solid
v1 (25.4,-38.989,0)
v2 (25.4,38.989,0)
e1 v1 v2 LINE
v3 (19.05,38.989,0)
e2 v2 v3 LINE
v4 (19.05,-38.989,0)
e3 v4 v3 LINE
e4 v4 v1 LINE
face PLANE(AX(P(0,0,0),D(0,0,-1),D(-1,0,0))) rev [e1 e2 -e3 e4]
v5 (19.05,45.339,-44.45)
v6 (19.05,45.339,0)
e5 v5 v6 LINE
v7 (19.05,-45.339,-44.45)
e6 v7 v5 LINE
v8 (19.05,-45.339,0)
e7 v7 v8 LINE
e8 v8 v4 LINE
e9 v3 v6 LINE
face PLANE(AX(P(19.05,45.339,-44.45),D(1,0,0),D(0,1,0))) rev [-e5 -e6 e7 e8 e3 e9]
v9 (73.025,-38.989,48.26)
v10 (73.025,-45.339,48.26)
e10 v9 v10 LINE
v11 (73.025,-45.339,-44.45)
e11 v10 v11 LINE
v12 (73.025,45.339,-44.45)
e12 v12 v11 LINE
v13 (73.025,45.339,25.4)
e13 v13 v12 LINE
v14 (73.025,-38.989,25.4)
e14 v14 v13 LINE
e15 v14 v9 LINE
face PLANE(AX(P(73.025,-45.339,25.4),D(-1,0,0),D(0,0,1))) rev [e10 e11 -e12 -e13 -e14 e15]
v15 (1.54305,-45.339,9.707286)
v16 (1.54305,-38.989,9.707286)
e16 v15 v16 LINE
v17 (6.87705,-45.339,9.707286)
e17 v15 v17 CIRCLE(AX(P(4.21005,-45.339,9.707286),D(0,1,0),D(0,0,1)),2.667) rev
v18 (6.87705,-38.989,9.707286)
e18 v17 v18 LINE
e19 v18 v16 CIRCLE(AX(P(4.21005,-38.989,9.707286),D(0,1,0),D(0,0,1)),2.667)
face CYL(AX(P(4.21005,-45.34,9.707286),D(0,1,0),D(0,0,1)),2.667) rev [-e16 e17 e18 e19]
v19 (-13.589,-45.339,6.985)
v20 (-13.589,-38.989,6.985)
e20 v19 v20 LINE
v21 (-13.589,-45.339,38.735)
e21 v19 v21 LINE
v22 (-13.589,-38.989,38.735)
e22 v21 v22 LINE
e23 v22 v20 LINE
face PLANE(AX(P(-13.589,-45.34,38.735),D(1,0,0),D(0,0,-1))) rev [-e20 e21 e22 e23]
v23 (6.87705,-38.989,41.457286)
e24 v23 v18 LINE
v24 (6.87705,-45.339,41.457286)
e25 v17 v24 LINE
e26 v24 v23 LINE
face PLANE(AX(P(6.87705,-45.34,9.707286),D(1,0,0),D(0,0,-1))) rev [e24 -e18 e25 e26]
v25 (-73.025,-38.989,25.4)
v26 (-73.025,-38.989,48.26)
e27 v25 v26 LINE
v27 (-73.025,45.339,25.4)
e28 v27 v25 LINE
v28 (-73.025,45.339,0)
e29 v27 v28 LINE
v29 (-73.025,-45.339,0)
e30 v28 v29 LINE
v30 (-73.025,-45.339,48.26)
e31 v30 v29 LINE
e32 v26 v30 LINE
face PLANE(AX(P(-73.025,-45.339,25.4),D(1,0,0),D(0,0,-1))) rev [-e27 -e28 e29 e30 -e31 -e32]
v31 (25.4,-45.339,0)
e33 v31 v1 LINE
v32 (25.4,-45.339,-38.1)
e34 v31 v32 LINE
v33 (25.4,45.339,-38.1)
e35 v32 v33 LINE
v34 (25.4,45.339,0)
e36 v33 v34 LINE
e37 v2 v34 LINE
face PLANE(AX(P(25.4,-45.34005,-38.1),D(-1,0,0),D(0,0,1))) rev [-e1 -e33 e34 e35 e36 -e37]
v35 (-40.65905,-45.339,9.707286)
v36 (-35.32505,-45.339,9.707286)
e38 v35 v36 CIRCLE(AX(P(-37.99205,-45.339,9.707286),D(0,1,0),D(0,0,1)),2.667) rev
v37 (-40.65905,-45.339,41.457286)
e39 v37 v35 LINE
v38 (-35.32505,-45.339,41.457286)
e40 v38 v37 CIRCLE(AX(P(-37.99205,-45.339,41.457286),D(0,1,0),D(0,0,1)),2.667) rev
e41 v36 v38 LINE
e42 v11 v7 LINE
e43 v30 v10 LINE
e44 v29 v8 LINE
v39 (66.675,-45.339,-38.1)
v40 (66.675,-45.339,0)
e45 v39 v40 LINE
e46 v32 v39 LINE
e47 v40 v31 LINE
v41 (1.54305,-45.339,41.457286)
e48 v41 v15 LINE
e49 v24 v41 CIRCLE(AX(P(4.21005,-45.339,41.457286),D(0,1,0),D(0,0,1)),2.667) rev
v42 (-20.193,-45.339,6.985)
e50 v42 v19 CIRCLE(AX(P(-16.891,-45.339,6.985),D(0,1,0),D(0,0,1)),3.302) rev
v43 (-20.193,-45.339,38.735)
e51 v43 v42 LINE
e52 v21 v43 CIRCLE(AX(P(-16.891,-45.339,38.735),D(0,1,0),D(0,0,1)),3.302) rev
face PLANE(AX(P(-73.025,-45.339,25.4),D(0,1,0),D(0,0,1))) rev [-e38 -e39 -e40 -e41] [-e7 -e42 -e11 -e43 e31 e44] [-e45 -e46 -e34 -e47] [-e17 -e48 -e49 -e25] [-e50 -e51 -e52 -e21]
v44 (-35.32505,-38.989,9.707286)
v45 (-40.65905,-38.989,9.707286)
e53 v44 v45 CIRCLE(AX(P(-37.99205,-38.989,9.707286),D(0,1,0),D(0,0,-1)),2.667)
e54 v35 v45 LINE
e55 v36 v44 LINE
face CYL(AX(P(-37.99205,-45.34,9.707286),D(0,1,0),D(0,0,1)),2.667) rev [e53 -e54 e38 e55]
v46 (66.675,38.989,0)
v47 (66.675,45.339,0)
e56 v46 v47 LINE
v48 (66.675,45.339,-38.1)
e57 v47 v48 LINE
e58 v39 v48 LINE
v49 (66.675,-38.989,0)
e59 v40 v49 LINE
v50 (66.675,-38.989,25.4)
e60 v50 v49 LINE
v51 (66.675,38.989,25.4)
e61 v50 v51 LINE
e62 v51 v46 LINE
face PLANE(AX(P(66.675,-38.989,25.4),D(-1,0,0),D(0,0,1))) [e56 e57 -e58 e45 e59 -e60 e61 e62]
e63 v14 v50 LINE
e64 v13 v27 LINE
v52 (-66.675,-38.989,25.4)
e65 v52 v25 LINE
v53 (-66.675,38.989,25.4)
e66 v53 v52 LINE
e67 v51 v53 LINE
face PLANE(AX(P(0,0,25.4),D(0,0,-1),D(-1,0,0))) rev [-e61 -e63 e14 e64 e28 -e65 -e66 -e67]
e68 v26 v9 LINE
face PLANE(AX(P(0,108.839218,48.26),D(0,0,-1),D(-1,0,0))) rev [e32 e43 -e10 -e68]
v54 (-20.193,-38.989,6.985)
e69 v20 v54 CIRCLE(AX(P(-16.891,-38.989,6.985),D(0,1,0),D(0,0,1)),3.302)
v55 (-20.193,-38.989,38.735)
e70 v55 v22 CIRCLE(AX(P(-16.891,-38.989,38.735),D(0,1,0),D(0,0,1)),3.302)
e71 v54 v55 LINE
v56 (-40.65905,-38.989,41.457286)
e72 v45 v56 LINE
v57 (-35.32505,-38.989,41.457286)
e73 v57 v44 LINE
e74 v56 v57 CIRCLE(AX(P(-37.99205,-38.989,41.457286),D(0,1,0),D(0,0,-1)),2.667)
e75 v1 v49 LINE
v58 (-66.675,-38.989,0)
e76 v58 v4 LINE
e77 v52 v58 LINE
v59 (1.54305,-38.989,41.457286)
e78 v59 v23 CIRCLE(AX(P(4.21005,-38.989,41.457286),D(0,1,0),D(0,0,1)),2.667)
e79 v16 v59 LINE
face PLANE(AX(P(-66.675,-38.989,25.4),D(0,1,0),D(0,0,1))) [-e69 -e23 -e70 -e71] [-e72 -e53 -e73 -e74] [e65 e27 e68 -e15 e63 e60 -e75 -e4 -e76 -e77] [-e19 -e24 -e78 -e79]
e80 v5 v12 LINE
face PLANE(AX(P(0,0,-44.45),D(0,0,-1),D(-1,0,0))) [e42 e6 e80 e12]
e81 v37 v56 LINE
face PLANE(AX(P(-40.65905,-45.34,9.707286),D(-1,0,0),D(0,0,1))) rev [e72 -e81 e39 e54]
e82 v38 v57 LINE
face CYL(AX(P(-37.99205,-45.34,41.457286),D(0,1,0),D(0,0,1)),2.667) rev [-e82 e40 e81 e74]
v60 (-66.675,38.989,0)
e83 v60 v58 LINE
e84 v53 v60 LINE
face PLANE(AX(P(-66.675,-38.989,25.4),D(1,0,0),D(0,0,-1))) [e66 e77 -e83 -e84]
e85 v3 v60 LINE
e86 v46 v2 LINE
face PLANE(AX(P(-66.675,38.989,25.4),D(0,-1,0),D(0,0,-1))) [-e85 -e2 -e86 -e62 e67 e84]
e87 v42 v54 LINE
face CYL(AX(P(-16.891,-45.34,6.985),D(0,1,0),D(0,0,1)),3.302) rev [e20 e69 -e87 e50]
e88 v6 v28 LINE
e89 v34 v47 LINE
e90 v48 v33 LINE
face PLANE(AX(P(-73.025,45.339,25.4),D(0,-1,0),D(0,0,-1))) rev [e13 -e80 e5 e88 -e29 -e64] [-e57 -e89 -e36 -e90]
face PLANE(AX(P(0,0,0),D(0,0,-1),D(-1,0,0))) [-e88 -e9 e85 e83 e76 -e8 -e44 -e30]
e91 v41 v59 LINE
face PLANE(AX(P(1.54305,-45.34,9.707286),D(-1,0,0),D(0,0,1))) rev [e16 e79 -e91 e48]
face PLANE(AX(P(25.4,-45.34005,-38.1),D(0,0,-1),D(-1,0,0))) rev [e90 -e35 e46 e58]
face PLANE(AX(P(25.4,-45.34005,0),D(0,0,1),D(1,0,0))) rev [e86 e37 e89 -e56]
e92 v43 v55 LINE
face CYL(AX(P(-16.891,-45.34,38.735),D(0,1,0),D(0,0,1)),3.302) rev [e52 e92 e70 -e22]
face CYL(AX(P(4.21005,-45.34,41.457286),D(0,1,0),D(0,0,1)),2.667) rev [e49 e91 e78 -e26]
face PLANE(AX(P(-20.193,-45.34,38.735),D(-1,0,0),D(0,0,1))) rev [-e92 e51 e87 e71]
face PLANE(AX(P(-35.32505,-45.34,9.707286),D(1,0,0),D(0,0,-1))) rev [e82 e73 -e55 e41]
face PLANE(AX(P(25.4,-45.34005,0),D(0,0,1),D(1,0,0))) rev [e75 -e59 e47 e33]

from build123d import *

# Parameters (mm, degrees)
SKETCH1_W           = 146.05
SKETCH1_H           = 90.678
SKETCH1_W_2         = 133.35
SKETCH1_H_2         = 77.978
BOSS_EXTRUDE1_DEPTH = 25.4
SKETCH2_W           = 60.325
SKETCH2_H           = 22.86
BOSS_EXTRUDE2_DEPTH = 6.35
CUT_EXTRUDE1_REACH  = 123.544
SKETCH6_W           = 53.975
SKETCH6_H           = 90.678
BOSS_EXTRUDE3_DEPTH = 44.45
CUT_EXTRUDE3_REACH  = 128.032
SKETCH8_W           = 41.275
SKETCH8_H           = 38.1


with BuildPart() as part:
    # Sketch1 → Boss-Extrude1 (new body)
    with BuildSketch(Plane.XY):
        Rectangle(SKETCH1_W, SKETCH1_H)
        Rectangle(SKETCH1_W_2, SKETCH1_H_2, mode=Mode.SUBTRACT)
    extrude(amount=BOSS_EXTRUDE1_DEPTH)

    # Sketch2 → Boss-Extrude2 (add)
    with BuildSketch(Plane(origin=(0, -45.339, 0), x_dir=(1, 0, 0), z_dir=(0, 1, 0))):
        Polygon((-40.513, -48.26), (-40.513, -25.4), (-73.025, -25.4), align=None)
        with Locations((-10.3505, -36.83)):
            Rectangle(SKETCH2_W, SKETCH2_H)
        Polygon((73.025, -25.4), (19.812, -25.4), (19.812, -48.26), align=None)
        Polygon((-73.025, -48.26), (-40.513, -48.26), (-73.025, -25.4), align=None)
        Polygon((73.025, -25.4), (19.812, -48.26), (73.025, -48.26), align=None)
    extrude(amount=BOSS_EXTRUDE2_DEPTH)

    # Sketch5 → Cut-Extrude1 (cut, up to next)
    with BuildSketch(Plane(origin=(0, -38.989, 0), x_dir=(1, 0, 0), z_dir=(0, 1, 0)), mode=Mode.PRIVATE) as cut_extrude1_sk1:
        with BuildLine():
            Line((-20.193, -38.735), (-20.193, -6.985))
            ThreePointArc((-20.193, -6.985), (-16.891, -3.683), (-13.589, -6.985))
            Line((-13.589, -6.985), (-13.589, -38.735))
            ThreePointArc((-13.589, -38.735), (-16.891, -42.037), (-20.193, -38.735))
        make_face()
    cut_extrude1_tool1 = extrude(cut_extrude1_sk1.sketch, amount=-CUT_EXTRUDE1_REACH, mode=Mode.PRIVATE) & part.part
    # Sketch5 → Cut-Extrude1 (cut, up to next)
    with BuildSketch(Plane(origin=(0, -38.989, 0), x_dir=(1, 0, 0), z_dir=(0, 1, 0)), mode=Mode.PRIVATE) as cut_extrude1_sk2:
        with BuildLine():
            Line((6.87705, -9.707286463), (6.87705, -41.457286463))
            ThreePointArc((6.87705, -41.457286463), (4.21005, -44.124286463), (1.54305, -41.457286463))
            Line((1.54305, -41.457286463), (1.54305, -9.707286463))
            ThreePointArc((1.54305, -9.707286463), (4.21005, -7.040286463), (6.87705, -9.707286463))
        make_face()
    cut_extrude1_tool2 = extrude(cut_extrude1_sk2.sketch, amount=-CUT_EXTRUDE1_REACH, mode=Mode.PRIVATE) & part.part
    # Sketch5 → Cut-Extrude1 (cut, up to next)
    with BuildSketch(Plane(origin=(0, -38.989, 0), x_dir=(1, 0, 0), z_dir=(0, 1, 0)), mode=Mode.PRIVATE) as cut_extrude1_sk3:
        with BuildLine():
            Line((-40.65905, -9.707286463), (-40.65905, -41.457286463))
            ThreePointArc((-40.65905, -41.457286463), (-37.99205, -44.124286463), (-35.32505, -41.457286463))
            Line((-35.32505, -41.457286463), (-35.32505, -9.707286463))
            ThreePointArc((-35.32505, -9.707286463), (-37.99205, -7.040286463), (-40.65905, -9.707286463))
        make_face()
    cut_extrude1_tool3 = extrude(cut_extrude1_sk3.sketch, amount=-CUT_EXTRUDE1_REACH, mode=Mode.PRIVATE) & part.part
    add(cut_extrude1_tool1.solids().sort_by_distance((-16.891, -38.989, 22.86))[0], mode=Mode.SUBTRACT)
    add(cut_extrude1_tool2.solids().sort_by_distance((4.21005, -38.989, 25.582286))[0], mode=Mode.SUBTRACT)
    add(cut_extrude1_tool3.solids().sort_by_distance((-37.99205, -38.989, 25.582286))[0], mode=Mode.SUBTRACT)

    # Sketch6 → Boss-Extrude3 (add)
    with BuildSketch(Plane(origin=(0, 0, 0), x_dir=(-1, 0, 0), z_dir=(0, 0, -1))):
        with Locations((-46.0375, 0)):
            Rectangle(SKETCH6_W, SKETCH6_H)
    extrude(amount=BOSS_EXTRUDE3_DEPTH)

    # Sketch8 → Cut-Extrude3 (cut, up to next)
    with BuildSketch(Plane(origin=(0, 45.339, 0), x_dir=(1, 0, 0), z_dir=(0, 1, 0)), mode=Mode.PRIVATE) as cut_extrude3_sk1:
        with Locations((46.0375, 19.05)):
            Rectangle(SKETCH8_W, SKETCH8_H)
    cut_extrude3_tool1 = extrude(cut_extrude3_sk1.sketch, amount=-CUT_EXTRUDE3_REACH, mode=Mode.PRIVATE) & part.part
    add(cut_extrude3_tool1.solids().sort_by_distance((46.0375, 45.339, -19.05))[0], mode=Mode.SUBTRACT)


solid = part.part
